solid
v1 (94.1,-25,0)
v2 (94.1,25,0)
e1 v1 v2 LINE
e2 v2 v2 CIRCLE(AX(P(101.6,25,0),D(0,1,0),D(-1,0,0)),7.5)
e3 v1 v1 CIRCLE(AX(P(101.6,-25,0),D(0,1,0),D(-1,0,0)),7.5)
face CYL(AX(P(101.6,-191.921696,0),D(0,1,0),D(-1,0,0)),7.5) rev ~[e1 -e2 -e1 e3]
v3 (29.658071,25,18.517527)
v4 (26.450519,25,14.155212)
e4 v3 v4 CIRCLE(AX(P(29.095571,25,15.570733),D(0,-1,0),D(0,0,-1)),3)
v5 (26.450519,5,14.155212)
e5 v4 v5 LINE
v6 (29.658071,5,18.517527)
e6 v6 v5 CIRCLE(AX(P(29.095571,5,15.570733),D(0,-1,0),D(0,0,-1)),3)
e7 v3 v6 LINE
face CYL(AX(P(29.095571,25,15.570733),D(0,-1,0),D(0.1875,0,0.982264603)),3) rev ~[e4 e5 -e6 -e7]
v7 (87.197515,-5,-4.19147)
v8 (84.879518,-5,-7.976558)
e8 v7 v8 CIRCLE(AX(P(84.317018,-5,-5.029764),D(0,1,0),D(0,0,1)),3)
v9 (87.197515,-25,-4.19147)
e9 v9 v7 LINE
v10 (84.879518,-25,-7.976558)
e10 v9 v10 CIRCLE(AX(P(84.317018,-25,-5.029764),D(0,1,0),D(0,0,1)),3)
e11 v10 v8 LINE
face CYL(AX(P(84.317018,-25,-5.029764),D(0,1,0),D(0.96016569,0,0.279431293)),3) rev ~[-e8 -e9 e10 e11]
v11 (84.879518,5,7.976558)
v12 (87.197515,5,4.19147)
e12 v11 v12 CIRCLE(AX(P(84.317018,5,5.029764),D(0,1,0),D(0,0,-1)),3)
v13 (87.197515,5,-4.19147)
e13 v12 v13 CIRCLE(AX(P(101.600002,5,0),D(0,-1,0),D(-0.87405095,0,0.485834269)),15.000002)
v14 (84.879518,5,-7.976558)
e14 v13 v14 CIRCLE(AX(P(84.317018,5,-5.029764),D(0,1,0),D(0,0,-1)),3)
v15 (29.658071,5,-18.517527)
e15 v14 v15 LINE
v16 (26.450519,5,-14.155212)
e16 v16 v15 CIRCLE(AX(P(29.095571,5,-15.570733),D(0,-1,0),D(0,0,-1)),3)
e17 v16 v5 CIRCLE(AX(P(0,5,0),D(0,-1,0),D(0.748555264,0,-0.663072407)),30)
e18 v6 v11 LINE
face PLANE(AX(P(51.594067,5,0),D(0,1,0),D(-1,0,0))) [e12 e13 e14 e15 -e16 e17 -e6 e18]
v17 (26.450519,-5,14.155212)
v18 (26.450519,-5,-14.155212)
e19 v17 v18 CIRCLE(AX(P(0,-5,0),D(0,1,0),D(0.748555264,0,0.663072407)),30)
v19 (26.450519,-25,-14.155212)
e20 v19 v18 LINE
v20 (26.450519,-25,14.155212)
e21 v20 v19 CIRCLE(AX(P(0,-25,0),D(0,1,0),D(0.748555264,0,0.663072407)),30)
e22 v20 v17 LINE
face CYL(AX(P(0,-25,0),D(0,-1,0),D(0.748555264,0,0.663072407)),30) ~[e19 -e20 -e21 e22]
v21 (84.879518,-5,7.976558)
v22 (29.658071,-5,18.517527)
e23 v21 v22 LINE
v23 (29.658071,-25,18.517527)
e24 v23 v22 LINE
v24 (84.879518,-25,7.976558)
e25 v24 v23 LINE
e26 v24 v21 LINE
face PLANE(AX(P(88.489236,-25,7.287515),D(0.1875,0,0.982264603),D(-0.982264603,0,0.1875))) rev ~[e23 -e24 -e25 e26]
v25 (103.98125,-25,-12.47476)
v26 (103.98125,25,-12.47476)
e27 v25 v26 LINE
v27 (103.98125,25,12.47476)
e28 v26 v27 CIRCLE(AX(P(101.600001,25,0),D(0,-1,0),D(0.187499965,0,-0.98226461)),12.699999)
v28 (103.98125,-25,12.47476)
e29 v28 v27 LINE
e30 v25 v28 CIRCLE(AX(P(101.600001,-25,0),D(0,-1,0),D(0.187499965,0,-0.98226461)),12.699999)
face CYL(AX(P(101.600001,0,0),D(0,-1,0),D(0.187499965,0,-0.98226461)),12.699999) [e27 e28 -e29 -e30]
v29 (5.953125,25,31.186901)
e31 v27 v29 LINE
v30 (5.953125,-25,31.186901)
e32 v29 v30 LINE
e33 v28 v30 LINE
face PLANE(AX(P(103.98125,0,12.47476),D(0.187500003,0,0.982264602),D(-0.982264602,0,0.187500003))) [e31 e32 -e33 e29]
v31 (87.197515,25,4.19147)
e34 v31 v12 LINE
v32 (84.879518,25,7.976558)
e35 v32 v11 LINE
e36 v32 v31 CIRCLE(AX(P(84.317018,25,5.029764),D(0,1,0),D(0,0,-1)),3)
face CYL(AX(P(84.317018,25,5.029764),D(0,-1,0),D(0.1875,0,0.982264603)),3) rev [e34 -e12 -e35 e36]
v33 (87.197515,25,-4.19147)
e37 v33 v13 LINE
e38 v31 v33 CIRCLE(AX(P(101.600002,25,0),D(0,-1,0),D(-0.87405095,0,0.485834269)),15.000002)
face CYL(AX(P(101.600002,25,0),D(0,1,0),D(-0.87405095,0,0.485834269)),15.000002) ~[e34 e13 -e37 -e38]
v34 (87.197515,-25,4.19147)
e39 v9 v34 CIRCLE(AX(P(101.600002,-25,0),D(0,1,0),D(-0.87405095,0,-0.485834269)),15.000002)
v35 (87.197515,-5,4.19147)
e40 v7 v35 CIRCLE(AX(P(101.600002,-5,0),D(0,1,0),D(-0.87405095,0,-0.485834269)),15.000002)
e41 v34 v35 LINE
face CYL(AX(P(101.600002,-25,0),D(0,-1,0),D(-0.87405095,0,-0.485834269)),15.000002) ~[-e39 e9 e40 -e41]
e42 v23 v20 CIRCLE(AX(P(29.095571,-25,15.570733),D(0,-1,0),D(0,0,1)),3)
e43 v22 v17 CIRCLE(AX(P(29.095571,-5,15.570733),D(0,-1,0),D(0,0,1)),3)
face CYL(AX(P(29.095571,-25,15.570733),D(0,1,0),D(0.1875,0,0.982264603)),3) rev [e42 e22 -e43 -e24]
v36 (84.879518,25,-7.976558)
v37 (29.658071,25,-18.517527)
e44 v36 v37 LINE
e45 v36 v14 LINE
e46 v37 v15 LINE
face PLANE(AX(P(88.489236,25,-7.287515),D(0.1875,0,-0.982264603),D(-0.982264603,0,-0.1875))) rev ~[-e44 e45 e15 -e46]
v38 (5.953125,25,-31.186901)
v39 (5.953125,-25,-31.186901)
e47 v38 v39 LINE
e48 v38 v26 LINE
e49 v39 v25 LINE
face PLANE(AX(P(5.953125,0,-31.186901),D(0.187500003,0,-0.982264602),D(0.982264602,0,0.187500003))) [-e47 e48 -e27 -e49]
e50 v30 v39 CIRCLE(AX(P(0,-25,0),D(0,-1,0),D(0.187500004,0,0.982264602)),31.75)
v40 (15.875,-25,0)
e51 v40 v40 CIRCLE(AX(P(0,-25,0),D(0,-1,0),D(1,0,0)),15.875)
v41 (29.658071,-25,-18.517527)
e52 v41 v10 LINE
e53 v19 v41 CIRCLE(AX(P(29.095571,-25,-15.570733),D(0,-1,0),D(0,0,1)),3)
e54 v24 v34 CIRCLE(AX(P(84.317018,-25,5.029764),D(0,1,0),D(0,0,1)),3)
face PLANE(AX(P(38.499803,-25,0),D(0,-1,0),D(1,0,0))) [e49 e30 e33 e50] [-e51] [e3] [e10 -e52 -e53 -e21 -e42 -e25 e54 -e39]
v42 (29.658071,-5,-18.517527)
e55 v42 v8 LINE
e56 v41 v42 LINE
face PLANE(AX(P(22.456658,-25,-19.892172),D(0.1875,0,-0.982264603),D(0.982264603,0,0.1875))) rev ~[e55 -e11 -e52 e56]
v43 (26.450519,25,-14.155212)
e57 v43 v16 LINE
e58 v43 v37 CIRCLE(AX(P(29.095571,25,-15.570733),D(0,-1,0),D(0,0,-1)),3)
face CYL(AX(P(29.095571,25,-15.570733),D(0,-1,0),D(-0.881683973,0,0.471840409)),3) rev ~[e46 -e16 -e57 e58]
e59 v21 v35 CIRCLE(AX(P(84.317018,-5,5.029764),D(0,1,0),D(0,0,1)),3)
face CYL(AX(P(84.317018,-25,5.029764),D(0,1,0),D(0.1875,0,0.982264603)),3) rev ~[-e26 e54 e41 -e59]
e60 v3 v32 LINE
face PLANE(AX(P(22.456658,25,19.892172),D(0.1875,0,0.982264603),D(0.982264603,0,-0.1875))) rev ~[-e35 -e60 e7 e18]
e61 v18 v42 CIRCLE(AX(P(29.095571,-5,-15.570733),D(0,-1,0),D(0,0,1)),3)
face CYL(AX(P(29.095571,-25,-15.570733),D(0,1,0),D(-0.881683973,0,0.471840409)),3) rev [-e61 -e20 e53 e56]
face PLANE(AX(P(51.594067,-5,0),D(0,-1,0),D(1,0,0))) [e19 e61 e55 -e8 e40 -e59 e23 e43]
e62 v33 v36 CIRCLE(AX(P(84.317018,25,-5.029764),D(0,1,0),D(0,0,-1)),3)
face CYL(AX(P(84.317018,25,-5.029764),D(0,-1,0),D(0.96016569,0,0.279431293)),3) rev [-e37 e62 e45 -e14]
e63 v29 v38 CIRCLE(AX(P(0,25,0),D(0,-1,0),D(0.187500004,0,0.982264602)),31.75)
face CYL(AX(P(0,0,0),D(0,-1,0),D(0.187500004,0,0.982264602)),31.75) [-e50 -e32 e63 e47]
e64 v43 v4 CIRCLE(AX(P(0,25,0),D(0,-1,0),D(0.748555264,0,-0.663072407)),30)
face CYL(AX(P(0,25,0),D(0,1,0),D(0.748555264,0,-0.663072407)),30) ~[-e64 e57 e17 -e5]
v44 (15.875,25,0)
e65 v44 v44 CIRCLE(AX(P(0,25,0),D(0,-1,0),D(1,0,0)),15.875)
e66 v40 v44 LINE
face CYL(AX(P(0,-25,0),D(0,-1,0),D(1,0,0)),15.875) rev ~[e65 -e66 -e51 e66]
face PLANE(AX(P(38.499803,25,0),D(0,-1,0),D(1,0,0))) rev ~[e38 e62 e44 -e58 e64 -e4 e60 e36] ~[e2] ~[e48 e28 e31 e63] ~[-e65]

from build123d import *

# Parameters (mm, degrees)
F1_DEPTH = 25
F3_D     = 15
F4_R     = 15.875
F5_DEPTH = 50.001
F7_DEPTH = 20
F9_DEPTH = 20
F10_R    = 3
F11_R    = 3


with BuildPart() as f1:
    # F0 (on Front) → F1 (new body, symmetric)
    with BuildSketch(Plane.XZ):
        with BuildLine():
            Line((103.98125, 12.47476), (5.953125, 31.186901))
            ThreePointArc((5.953125, 31.186901), (-31.75, 0), (5.953125, -31.186901))
            Line((5.953125, -31.186901), (103.98125, -12.47476))
            ThreePointArc((103.98125, -12.47476), (114.3, 0), (103.98125, 12.47476))
        make_face()
    extrude(amount=F1_DEPTH, both=True)

    # F3 (through all)
    with Locations(Plane.XZ.offset(25)):
        with Locations((101.6, 0)):
            Hole(F3_D / 2)

    # F4 (on face) → F5 (cut, through all)
    with BuildSketch(Plane.XZ.offset(25)):
        Circle(F4_R)
    extrude(amount=-F5_DEPTH, mode=Mode.SUBTRACT)

    # F6 (on face) → F7 (cut)
    with BuildSketch(Plane.XZ.offset(25)):
        with BuildLine():
            Line((88.489236, 7.287515), (22.456658, 19.892172))
            ThreePointArc((22.456658, 19.892172), (30, 0), (22.456658, -19.892172))
            Line((22.456658, -19.892172), (88.489236, -7.287515))
            ThreePointArc((88.489236, -7.287515), (86.6, 0), (88.489236, 7.287515))
        make_face()
    extrude(amount=-F7_DEPTH, mode=Mode.SUBTRACT)

    # F8 (on face) → F9 (cut)
    with BuildSketch(Plane(origin=(0, 25, 0), x_dir=(-1, 0, 0), z_dir=(0, 1, 0))):
        with BuildLine():
            Line((-88.489236, -7.287515), (-22.456658, -19.892172))
            ThreePointArc((-22.456658, -19.892172), (-30, 0), (-22.456658, 19.892172))
            Line((-22.456658, 19.892172), (-88.489236, 7.287515))
            ThreePointArc((-88.489236, 7.287515), (-86.6, 0), (-88.489236, -7.287515))
        make_face()
    extrude(amount=-F9_DEPTH, mode=Mode.SUBTRACT)

    # F10
    f10_edges = [f1.edges().sort_by_distance(p)[0] for p in [
        (22.456658, -15, -19.892172),
        (22.456658, -15, 19.892172),
        (22.456658, 15, 19.892172),
        (22.456658, 15, -19.892172),
    ]]
    fillet(f10_edges, radius=F10_R)

    # F11
    f11_edges = [f1.edges().sort_by_distance(p)[0] for p in [
        (88.489236, 15, -7.287515),
        (88.489236, 15, 7.287515),
        (88.489236, -15, 7.287515),
        (88.489236, -15, -7.287515),
    ]]
    fillet(f11_edges, radius=F11_R)


solid = f1.part
